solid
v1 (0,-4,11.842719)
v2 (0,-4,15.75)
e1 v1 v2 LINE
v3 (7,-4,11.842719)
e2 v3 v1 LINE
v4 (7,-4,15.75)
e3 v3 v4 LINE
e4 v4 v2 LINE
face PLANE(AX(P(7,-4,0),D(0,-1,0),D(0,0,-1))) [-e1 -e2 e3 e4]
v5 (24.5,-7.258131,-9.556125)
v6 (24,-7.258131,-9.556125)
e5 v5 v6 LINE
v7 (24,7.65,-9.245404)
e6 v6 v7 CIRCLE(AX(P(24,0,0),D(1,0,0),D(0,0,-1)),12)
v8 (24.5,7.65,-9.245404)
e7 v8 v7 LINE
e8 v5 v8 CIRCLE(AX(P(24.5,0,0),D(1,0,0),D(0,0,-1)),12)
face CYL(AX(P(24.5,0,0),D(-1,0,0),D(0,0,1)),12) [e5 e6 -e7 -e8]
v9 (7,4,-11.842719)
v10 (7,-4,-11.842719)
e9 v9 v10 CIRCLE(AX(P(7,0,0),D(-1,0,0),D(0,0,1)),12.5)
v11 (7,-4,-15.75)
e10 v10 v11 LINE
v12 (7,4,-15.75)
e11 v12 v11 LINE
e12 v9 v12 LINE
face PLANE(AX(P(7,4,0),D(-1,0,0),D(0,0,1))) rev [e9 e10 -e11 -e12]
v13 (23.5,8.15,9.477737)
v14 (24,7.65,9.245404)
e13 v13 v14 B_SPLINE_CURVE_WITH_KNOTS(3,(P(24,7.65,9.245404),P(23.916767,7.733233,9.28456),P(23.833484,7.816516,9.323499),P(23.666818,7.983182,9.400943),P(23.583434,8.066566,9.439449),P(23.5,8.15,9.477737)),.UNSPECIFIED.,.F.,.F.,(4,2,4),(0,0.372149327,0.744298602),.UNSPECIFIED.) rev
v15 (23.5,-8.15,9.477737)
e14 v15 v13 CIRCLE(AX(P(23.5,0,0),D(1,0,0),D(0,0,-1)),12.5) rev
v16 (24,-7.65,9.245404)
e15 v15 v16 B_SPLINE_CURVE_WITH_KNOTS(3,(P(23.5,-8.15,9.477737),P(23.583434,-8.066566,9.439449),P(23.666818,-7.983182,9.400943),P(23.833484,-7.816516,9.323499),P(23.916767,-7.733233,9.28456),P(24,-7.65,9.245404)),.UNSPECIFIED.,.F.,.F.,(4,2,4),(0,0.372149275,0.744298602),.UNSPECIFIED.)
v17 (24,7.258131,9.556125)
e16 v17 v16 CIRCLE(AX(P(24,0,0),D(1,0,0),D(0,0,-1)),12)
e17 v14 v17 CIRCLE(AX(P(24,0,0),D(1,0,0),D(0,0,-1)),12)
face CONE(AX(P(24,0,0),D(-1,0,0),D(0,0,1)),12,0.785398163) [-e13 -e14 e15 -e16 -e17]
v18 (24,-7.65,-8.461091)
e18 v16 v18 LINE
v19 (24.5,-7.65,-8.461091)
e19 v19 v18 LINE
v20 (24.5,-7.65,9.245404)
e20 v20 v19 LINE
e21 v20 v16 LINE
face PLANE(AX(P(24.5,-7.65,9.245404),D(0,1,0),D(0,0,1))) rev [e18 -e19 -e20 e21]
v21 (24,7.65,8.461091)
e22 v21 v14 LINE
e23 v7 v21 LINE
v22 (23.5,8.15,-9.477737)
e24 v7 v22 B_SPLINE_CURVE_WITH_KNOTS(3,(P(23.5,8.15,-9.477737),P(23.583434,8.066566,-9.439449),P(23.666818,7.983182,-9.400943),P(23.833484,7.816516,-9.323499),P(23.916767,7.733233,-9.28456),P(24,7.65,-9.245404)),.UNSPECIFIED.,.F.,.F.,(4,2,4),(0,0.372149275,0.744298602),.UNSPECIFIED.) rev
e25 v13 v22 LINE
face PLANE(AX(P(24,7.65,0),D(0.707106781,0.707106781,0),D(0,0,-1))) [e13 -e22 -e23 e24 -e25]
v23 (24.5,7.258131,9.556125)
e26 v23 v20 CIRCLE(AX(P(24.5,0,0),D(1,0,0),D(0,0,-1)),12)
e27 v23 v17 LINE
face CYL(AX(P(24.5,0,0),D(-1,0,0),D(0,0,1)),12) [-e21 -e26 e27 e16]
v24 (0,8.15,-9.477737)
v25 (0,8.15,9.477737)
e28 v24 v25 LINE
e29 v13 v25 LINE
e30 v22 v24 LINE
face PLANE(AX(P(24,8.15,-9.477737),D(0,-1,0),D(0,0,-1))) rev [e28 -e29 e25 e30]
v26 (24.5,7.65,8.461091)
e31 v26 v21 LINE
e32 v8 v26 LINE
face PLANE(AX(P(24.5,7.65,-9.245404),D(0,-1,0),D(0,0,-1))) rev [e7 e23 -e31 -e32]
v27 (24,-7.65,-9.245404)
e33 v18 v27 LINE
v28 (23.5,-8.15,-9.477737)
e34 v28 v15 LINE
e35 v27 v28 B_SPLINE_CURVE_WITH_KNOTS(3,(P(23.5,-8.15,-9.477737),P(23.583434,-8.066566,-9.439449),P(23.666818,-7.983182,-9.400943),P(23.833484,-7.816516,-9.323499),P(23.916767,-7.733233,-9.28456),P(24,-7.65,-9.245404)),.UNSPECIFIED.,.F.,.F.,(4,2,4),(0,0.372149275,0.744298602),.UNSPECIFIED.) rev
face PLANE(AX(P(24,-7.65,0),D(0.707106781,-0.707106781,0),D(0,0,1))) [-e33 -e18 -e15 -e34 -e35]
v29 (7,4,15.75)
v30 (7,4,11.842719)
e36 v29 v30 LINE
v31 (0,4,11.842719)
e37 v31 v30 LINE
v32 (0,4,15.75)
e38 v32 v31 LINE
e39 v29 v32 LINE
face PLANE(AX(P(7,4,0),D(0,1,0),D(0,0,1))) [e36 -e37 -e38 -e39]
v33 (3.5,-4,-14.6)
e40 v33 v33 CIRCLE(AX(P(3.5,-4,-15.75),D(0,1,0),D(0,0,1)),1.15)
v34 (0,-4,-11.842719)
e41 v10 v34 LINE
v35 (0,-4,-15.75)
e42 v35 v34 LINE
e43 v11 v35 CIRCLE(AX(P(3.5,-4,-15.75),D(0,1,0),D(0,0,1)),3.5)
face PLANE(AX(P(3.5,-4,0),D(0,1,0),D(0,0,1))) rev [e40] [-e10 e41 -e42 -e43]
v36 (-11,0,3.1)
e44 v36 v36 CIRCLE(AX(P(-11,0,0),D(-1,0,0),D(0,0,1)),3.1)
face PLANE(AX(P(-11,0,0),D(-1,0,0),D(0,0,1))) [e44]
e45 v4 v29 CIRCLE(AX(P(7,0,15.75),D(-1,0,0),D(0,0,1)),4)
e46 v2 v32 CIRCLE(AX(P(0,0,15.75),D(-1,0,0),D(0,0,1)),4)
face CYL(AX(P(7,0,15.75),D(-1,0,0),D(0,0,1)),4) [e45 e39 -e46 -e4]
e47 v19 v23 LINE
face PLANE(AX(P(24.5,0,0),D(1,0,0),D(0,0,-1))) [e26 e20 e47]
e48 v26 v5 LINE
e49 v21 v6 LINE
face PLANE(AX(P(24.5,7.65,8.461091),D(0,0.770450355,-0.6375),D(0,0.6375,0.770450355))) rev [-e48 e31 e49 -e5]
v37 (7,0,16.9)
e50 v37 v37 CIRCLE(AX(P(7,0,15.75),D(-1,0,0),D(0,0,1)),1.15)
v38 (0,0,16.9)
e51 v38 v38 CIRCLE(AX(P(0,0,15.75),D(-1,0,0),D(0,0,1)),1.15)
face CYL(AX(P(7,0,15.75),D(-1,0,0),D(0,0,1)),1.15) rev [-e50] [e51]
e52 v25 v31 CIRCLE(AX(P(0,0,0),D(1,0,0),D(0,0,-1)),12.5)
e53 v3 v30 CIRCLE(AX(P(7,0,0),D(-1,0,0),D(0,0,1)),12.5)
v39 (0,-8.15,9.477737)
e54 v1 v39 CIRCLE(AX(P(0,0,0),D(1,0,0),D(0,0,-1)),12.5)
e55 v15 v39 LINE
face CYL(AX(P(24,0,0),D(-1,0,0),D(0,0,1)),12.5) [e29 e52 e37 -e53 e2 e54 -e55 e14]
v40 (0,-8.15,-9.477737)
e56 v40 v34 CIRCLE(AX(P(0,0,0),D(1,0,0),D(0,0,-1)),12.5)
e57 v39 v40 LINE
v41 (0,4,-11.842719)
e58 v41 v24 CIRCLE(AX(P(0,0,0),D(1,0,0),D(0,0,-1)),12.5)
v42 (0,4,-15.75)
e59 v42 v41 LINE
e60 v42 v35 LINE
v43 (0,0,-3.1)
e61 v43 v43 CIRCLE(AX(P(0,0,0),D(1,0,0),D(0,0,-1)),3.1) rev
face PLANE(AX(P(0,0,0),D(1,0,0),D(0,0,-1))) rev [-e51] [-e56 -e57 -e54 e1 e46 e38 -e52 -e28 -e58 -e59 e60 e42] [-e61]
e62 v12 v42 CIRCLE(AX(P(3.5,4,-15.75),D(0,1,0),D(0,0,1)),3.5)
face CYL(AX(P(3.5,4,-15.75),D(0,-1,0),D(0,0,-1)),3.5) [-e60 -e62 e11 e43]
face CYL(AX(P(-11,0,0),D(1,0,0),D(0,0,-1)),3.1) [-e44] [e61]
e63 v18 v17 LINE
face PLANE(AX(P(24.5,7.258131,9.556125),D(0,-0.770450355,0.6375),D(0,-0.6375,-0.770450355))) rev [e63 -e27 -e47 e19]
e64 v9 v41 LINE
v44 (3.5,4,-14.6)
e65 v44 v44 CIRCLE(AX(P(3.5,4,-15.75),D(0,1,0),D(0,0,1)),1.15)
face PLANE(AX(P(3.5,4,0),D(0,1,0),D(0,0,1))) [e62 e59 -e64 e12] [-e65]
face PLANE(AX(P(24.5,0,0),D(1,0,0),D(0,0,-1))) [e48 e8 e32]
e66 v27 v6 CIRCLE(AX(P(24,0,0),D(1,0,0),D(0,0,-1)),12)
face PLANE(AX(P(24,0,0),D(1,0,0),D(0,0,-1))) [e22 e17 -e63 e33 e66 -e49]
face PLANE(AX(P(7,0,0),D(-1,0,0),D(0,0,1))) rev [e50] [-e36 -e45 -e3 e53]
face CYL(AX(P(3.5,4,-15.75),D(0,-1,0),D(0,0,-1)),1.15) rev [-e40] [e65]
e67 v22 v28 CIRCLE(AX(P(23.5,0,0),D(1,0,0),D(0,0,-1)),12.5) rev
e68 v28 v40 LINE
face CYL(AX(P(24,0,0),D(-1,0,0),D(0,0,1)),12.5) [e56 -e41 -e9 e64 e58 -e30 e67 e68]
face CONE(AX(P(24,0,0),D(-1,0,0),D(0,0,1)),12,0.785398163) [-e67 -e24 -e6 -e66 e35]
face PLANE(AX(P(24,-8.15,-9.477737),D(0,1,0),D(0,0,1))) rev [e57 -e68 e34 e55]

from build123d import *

# Parameters (mm, degrees)
EXTRUDE_1_DEPTH = 24
SKETCH_2_R      = 1.15
EXTRUDE_2_DEPTH = 7
SKETCH_3_R      = 1.15
EXTRUDE_3_DEPTH = 4
SKETCH_4_R      = 3.1
EXTRUDE_4_DEPTH = 11
CHAMFER_4_SIZE  = 0.5
EXTRUDE_5_DEPTH = 0.5


with BuildPart() as part:
    # 草图1 → 凸台-拉伸1 (new body)
    with BuildSketch(Plane(origin=(0, 0, 0), x_dir=(0, 0, -1), z_dir=(1, 0, 0))):
        with BuildLine():
            Line((9.477737072, -8.15), (-9.477737072, -8.15))
            ThreePointArc((-9.477737072, -8.15), (-12.5, 0), (-9.477737072, 8.15))
            Line((-9.477737072, 8.15), (9.477737072, 8.15))
            ThreePointArc((9.477737072, 8.15), (12.5, 0), (9.477737072, -8.15))
        make_face()
    extrude(amount=EXTRUDE_1_DEPTH)

    # 草图2 → 凸台-拉伸2 (add)
    with BuildSketch(Plane.ZY):
        with BuildLine():
            Line((0, 4), (15.75, 4))
            ThreePointArc((15.75, 4), (19.75, 0), (15.75, -4))
            Line((15.75, -4), (0, -4))
            ThreePointArc((0, -4), (-4, 0), (0, 4))
        make_face()
        with Locations((15.75, 0)):
            Circle(SKETCH_2_R, mode=Mode.SUBTRACT)
    extrude(amount=-EXTRUDE_2_DEPTH)

    # 草图3 → 凸台-拉伸3 (add, symmetric)
    with BuildSketch(Plane(origin=(0, 0, 0), x_dir=(1, 0, 0), z_dir=(0, 1, 0))):
        with BuildLine():
            Line((0, 0), (0, 15.75))
            ThreePointArc((0, 15.75), (3.5, 19.25), (7, 15.75))
            Line((7, 15.75), (7, 0))
            ThreePointArc((7, 0), (3.5, -3.5), (0, 0))
        make_face()
        with Locations((3.5, 15.75)):
            Circle(SKETCH_3_R, mode=Mode.SUBTRACT)
    extrude(amount=EXTRUDE_3_DEPTH, both=True)

    # 草图4 → 凸台-拉伸4 (add)
    with BuildSketch(Plane.ZY):
        Circle(SKETCH_4_R)
    extrude(amount=EXTRUDE_4_DEPTH)

    # 倒角4
    chamfer_4_edges = [part.edges().sort_by_distance(p)[0] for p in [
        (24, 0, -12.5),
        (24, 8.15, 0),
        (24, 0, 12.5),
        (24, -8.15, 0),
    ]]
    chamfer(chamfer_4_edges, length=CHAMFER_4_SIZE)

    # 草图5 → 凸台-拉伸5 (add)
    with BuildSketch(Plane(origin=(24, 0, 0), x_dir=(0, 0, -1), z_dir=(1, 0, 0))):
        with BuildLine():
            Line((-9.556125253, 7.258131313), (8.461090538, -7.65))
            Line((8.461090538, -7.65), (-9.245404264, -7.65))
            ThreePointArc((-9.245404264, -7.65), (-11.997394419, -0.250054295), (-9.556125253, 7.258131313))
        make_face()
        with BuildLine():
            Line((9.245404264, 7.65), (-8.461090538, 7.65))
            Line((-8.461090538, 7.65), (9.556125253, -7.258131313))
            ThreePointArc((9.556125253, -7.258131313), (11.997394419, 0.250054295), (9.245404264, 7.65))
        make_face()
    extrude(amount=EXTRUDE_5_DEPTH)


solid = part.part
